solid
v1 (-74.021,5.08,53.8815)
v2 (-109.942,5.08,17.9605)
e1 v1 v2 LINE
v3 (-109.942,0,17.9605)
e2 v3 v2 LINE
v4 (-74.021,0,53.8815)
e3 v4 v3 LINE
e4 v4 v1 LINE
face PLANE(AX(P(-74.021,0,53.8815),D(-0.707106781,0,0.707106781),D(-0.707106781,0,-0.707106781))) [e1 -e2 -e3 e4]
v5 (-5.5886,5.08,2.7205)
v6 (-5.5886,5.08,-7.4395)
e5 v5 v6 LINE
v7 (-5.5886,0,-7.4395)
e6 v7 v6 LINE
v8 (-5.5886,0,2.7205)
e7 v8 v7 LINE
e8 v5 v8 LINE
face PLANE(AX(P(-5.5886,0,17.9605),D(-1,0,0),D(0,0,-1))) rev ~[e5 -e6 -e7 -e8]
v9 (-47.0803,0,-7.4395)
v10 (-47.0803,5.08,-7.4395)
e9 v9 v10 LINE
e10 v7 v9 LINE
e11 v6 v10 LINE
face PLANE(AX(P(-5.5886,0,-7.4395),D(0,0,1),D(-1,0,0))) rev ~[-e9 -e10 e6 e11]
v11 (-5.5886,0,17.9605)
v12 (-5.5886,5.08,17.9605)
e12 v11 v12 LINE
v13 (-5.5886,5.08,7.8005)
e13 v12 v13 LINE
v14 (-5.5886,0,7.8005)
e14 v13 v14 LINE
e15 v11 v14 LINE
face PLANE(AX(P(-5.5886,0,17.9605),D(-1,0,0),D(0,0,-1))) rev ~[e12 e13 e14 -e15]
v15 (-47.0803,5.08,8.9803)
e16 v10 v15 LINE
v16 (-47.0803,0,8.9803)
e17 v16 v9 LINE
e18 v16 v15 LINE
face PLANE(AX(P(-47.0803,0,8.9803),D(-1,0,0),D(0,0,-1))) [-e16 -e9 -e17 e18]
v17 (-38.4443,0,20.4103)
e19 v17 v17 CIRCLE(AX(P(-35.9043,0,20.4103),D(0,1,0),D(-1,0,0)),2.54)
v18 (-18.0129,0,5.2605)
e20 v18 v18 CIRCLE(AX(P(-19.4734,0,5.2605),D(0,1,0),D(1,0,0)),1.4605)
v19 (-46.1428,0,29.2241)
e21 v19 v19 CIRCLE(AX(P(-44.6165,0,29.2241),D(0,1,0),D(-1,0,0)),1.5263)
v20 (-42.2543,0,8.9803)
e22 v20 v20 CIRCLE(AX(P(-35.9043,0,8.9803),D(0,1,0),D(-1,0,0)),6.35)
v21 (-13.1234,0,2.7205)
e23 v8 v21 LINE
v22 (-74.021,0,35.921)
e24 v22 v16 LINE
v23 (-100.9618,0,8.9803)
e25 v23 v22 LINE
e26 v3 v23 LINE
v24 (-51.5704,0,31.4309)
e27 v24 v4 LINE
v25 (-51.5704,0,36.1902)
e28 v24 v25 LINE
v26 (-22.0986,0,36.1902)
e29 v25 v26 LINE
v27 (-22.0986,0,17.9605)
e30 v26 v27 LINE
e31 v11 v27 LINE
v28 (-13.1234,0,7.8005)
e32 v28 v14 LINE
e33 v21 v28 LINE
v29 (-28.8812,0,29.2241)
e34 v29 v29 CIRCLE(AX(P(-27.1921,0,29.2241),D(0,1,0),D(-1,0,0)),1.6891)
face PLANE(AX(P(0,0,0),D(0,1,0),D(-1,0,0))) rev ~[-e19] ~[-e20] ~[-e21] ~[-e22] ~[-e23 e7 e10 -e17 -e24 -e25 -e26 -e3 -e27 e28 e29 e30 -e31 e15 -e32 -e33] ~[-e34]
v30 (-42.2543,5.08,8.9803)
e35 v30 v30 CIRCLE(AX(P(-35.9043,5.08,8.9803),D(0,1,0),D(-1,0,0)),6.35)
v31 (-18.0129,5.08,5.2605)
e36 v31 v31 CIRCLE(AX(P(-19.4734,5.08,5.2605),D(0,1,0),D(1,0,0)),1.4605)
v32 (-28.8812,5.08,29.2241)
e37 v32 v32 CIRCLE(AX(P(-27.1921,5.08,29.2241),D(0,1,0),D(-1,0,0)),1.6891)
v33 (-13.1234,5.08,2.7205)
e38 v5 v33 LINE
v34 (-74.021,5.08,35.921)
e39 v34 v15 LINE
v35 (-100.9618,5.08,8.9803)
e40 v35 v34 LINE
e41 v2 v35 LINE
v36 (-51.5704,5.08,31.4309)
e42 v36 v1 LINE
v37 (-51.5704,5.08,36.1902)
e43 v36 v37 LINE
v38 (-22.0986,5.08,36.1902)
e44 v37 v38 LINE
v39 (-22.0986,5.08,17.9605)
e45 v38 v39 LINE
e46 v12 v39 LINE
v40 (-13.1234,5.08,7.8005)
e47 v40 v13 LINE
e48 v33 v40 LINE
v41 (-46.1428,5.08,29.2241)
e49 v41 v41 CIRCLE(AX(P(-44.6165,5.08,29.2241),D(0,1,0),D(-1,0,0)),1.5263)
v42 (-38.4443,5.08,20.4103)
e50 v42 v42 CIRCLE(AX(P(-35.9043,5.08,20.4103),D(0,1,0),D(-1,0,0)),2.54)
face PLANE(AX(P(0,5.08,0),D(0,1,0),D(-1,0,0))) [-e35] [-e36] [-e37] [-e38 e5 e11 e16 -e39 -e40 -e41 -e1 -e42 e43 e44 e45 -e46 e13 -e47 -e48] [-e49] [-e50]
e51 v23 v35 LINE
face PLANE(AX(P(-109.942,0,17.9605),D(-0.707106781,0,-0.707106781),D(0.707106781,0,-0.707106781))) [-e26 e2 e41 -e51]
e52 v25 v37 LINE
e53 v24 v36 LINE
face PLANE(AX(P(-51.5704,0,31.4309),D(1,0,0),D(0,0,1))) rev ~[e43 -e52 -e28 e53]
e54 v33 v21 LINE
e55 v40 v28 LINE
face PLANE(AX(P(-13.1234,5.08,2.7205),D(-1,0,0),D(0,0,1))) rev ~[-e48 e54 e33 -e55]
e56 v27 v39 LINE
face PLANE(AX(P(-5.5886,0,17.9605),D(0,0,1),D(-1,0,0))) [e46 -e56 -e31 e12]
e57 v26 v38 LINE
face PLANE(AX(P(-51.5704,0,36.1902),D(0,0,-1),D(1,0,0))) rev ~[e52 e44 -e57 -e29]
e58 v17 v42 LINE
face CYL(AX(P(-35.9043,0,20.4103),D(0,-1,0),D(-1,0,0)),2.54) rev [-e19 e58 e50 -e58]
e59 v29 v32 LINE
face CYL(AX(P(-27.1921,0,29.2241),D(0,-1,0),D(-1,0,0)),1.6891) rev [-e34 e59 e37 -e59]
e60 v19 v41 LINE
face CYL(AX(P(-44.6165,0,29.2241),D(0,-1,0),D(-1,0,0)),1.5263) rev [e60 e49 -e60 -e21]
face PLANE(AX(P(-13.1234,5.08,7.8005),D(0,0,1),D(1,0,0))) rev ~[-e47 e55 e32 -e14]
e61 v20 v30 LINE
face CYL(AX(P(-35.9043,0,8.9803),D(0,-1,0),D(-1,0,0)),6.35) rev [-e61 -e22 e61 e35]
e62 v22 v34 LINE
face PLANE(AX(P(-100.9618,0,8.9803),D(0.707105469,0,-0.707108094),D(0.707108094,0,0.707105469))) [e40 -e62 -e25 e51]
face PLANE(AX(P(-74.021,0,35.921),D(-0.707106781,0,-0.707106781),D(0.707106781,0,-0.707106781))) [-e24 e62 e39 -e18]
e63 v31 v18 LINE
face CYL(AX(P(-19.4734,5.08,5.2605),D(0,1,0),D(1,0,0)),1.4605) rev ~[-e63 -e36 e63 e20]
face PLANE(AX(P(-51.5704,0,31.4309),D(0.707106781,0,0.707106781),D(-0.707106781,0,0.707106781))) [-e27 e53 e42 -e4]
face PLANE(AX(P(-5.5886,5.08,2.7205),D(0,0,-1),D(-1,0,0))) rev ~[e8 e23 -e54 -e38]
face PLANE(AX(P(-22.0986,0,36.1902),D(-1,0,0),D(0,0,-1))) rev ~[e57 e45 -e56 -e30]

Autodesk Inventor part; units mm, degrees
ref_plane "YZ Plane" through (0, 0, 0) normal (1, 0, 0) x (0, 1, 0)
ref_plane "XZ Plane" through (0, 0, 0) normal (0, 1, 0) x (-1, 0, 0)
ref_plane "XY Plane" through (0, 0, 0) normal (0, 0, 1) x (1, 0, 0)
sketch "Sketch1" plane through (0, 0, 0) normal (0, 1, 0) x (-1, 0, 0)
  line L0 (51.5704, 31.4309) -> (74.021, 53.8815)
  line L1 (74.021, 53.8815) -> (109.942, 17.9605)
  line L2 (109.942, 17.9605) -> (100.9618, 8.9803)
  line L3 (100.9618, 8.9803) -> (74.021, 35.921)
  line L4 (74.021, 35.921) -> (47.0803, 8.9803)
  line L5 (100.9618, 8.9803) -> (107.5624, 2.3796) construction
  line L6 (35.9043, 29.2241) -> (44.6165, 29.2241) construction
  line L7 (35.9043, 29.2241) -> (27.1921, 29.2241) construction
  circle A0 centre (44.6165, 29.2241) radius 1.5263
  circle A1 centre (27.1921, 29.2241) radius 1.6891
  circle A2 centre (35.9043, 20.4103) radius 2.54
  circle A3 centre (35.9043, 8.9803) radius 6.35
  line L8 (51.5704, 31.4309) -> (51.5704, 36.1902)
  line L9 (51.5704, 36.1902) -> (22.0986, 36.1902)
  line L10 (22.0986, 36.1902) -> (22.0986, 17.9605)
  line L11 (47.0803, 8.9803) -> (47.0803, 0)
  line L12 (5.5886, 17.9605) -> (22.0986, 17.9605)
  line L13 (5.5886, 17.9605) -> (5.5886, -7.4395)
  line L14 (5.5886, -7.4395) -> (47.0803, -7.4395)
  line L15 (47.0803, -7.4395) -> (47.0803, 0)
  point P0 (0, 0)
  dimension "d1" = 12.7
  dimension "d3" = 38.1
  dimension "d5" = 12.7
  dimension "d19" = 8.7122
  dimension "d20" = 8.7122
  dimension "d23" = 5.08
  dimension "d24" = 25.4
  dimension "d38" = 16.51
  dimension "d39" = 29.4718
extrude "Extrusion1" add sketch "Sketch1" along normal blind 5.08
sketch "Sketch2" plane through (0, 5.08, 0) normal (0, 1, 0) x (1, 0, 0)
  line L0 (-5.5886, -17.9605) -> (-5.5886, 7.4395) projected
  line L1 (-13.1234, -2.7205) -> (-13.1234, -7.8005)
  line L2 (-13.1234, -5.2605) -> (-2.9634, -5.2605) construction
  line L3 (-5.5886, 7.4395) -> (-47.0803, 7.4395) construction
  line L4 (-22.0986, -17.9605) -> (-5.5886, -17.9605) construction
  line L5 (-13.1234, -7.8005) -> (-2.9634, -7.8005)
  line L6 (-2.9634, -7.8005) -> (-2.9634, -2.7205)
  line L7 (-2.9634, -2.7205) -> (-13.1234, -2.7205)
  line L8 (-13.1234, -2.7205) -> (-13.1234, -7.8005)
  line L9 (-47.0803, 7.4395) -> (-47.0803, -8.9803) projected
  point P0 (0, 0)
  point P1 (-5.5886, -2.7205)
  point P2 (-5.5886, -7.8005)
  dimension "d29" = 5.08
  dimension "d30" = 12.7
  dimension "d31" = 25.4
  dimension "d40" = 33.9568
  dimension "d41" = 10.16
extrude "Extrusion2" cut sketch "Sketch2" against normal blind 25.4 contours L5 L1 L7 L0
sketch "Sketch3" plane through (0, 5.08, 0) normal (0, 1, 0) x (1, 0, 0)
  circle A0 centre (-19.4734, -5.2605) radius 1.4605
  line L0 (-13.1234, -7.8005) -> (-13.1234, -2.7205) projected
  line L1 (-13.1234, -5.2605) -> (-2.0744, -5.2605) construction
  point P0 (0, 0)
  dimension "d34" = 6.35
  dimension "d35" = 2.921
extrude "Extrusion3" cut sketch "Sketch3" against normal blind 25.4
sketch "Sketch4" plane through (0, 5.08, 0) normal (0, 1, 0) x (1, 0, 0)
  circle A0 centre (-19.4734, -5.2605) radius 1.4605 projected
  line L0 (-13.1234, -2.7205) -> (-5.5886, -2.7205) projected
  line L1 (-5.5886, -2.7205) -> (-5.5886, 7.4395) projected
  line L2 (-5.5886, 7.4395) -> (-47.0803, 7.4395) projected
  line L3 (-47.0803, 7.4395) -> (-47.0803, -8.9803) projected
  line L4 (-47.0803, -8.9803) -> (-74.021, -35.921) projected
  line L5 (-74.021, -35.921) -> (-100.9618, -8.9803) projected
  line L6 (-100.9618, -8.9803) -> (-109.942, -17.9605) projected
  line L7 (-109.942, -17.9605) -> (-74.021, -53.8815) projected
  line L8 (-74.021, -53.8815) -> (-51.5704, -31.4309) projected
  line L9 (-51.5704, -31.4309) -> (-51.5704, -36.1902) projected
  line L10 (-51.5704, -36.1902) -> (-22.0986, -36.1902) projected
  line L11 (-22.0986, -36.1902) -> (-22.0986, -17.9605) projected
  line L12 (-22.0986, -17.9605) -> (-5.5886, -17.9605) projected
  line L13 (-5.5886, -17.9605) -> (-5.5886, -7.8005) projected
  line L14 (-5.5886, -7.8005) -> (-13.1234, -7.8005) projected
  line L15 (-13.1234, -7.8005) -> (-13.1234, -2.7205) projected
  circle A1 centre (-44.6165, -29.2241) radius 1.5263 projected
  circle A2 centre (-27.1921, -29.2241) radius 1.6891 projected
  circle A3 centre (-35.9043, -20.4103) radius 2.54 projected
  circle A4 centre (-35.9043, -8.9803) radius 6.35 projected
  point P0 (0, 0)
properties part number "gripper laser cut"
